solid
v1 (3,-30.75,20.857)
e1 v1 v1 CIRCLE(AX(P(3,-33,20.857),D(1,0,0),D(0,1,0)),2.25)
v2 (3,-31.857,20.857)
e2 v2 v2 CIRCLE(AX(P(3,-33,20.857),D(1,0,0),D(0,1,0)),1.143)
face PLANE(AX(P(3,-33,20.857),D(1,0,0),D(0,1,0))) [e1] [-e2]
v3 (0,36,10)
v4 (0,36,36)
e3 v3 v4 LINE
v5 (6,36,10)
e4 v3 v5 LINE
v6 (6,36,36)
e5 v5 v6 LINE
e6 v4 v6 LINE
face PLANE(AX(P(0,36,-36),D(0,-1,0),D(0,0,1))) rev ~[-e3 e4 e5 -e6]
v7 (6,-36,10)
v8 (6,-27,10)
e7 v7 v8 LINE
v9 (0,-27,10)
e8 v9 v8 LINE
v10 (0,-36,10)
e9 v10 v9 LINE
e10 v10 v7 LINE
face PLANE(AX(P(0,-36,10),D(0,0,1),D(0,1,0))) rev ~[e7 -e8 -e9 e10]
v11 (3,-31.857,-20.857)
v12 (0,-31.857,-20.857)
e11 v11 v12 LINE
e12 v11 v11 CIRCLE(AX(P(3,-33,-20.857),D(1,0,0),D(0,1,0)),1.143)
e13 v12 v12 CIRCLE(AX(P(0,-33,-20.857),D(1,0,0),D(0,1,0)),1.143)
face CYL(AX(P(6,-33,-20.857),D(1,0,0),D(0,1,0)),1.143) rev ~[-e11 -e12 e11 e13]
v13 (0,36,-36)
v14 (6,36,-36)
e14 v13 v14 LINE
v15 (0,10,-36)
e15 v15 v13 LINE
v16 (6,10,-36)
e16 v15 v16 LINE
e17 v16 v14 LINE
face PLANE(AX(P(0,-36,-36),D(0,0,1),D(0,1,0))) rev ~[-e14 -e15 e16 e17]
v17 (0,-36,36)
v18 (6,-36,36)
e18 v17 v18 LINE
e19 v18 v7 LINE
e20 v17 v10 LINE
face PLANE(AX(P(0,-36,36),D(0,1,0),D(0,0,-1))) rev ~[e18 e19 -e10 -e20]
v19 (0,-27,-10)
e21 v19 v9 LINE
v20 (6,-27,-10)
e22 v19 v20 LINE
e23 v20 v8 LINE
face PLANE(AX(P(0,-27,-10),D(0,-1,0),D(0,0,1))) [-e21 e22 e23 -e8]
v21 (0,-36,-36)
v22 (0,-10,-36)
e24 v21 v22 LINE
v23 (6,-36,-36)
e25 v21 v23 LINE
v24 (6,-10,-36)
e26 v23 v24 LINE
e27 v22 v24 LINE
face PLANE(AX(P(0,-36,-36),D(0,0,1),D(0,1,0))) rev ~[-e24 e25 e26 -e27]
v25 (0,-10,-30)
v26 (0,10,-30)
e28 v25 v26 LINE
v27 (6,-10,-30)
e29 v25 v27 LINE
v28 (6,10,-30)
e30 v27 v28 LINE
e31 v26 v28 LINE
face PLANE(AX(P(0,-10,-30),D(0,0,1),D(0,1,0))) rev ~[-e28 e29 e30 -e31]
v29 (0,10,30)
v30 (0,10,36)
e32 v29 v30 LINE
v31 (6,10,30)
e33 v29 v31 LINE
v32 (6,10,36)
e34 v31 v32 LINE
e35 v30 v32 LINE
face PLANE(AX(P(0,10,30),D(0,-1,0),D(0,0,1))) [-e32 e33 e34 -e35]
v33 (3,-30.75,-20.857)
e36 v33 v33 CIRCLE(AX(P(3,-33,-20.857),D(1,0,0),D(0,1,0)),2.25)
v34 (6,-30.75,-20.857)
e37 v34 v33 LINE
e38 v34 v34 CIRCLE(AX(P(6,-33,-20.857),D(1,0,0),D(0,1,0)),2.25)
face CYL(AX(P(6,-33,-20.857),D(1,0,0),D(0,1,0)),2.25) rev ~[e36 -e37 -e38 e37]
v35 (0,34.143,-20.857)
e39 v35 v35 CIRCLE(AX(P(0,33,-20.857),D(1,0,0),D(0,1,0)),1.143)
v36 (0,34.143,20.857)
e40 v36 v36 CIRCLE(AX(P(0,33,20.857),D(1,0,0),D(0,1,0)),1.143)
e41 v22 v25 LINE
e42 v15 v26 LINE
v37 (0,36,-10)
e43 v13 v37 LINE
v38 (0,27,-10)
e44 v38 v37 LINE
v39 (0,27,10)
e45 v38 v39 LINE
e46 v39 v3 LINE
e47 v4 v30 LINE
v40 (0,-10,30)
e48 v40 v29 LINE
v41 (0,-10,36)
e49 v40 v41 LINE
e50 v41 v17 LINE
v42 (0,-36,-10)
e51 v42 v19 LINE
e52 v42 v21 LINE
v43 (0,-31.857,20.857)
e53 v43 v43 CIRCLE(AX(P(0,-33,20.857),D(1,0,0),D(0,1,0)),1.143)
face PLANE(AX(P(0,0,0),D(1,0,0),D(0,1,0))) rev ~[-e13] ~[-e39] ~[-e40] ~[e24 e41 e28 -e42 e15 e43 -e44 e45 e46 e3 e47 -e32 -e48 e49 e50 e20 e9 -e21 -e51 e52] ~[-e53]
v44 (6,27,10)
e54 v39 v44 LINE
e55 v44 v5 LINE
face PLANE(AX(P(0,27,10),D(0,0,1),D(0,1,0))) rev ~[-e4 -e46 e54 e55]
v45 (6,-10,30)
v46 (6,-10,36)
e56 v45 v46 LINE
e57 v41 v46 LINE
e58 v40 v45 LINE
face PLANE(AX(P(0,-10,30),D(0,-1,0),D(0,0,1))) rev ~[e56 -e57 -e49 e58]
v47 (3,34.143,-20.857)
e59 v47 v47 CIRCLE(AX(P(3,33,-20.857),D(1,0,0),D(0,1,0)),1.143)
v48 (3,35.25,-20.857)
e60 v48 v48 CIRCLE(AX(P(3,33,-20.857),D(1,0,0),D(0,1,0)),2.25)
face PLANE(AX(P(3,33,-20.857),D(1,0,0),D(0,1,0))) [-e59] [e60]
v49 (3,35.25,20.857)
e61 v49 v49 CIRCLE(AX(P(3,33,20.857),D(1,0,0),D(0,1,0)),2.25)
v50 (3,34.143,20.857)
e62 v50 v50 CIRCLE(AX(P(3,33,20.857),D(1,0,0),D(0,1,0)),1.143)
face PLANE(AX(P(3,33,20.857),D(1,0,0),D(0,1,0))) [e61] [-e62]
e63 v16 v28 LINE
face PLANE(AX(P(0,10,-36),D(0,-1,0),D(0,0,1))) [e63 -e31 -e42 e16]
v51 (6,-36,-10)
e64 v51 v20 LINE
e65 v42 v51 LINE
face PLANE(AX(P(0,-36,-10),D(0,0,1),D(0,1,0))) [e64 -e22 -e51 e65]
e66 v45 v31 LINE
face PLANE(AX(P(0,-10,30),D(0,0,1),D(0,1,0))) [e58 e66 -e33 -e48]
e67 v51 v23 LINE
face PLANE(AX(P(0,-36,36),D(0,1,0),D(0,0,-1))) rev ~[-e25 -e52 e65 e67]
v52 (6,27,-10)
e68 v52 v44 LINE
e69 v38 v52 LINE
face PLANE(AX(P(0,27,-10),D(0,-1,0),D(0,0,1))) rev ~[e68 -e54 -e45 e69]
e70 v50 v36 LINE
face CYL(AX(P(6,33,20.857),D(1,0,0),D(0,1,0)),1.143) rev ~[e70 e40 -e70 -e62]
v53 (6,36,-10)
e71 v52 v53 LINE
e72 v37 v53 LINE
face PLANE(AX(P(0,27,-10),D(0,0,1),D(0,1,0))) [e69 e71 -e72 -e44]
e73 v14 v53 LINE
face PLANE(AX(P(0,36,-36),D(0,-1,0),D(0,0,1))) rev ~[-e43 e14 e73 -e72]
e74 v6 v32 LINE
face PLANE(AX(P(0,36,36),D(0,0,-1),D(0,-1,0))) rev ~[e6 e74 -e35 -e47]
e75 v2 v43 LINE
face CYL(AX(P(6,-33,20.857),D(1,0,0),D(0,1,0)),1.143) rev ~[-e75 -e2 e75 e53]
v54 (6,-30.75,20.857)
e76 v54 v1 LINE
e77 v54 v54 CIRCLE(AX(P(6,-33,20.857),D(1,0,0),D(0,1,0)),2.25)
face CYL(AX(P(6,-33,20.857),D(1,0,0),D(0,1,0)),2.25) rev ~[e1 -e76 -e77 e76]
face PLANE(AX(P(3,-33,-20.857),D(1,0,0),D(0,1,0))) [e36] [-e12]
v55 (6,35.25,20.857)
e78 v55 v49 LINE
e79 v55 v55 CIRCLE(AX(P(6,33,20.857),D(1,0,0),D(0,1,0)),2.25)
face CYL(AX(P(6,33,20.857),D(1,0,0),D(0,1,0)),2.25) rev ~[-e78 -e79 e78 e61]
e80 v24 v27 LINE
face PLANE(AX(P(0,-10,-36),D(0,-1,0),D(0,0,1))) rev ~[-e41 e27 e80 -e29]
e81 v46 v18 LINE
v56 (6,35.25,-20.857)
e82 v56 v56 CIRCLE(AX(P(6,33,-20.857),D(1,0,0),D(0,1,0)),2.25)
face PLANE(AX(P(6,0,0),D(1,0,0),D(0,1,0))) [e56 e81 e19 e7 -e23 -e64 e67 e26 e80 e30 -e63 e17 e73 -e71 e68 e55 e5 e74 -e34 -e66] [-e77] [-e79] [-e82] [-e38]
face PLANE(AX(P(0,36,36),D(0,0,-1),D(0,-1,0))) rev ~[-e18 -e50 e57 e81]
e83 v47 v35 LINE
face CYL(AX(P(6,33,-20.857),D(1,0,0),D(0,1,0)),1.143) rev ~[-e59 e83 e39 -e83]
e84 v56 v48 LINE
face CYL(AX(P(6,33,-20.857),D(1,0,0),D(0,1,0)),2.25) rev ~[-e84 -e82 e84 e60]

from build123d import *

# Parameters (mm, degrees)
F0_W     = 20
F0_H     = 6
F0_W_2   = 9
F0_H_2   = 20
F1_DEPTH = 6
F2_DEPTH = 6
F3_R     = 2.25
F3_R_2   = 1.143
F4_DEPTH = 3
F5_DEPTH = 6.001


with BuildPart() as f1:
    # F0 (on Right) → F1 (new body)
    with BuildSketch(Plane.YZ):
        Polygon((-36, -10), (-36, -36), (-10, -36), (-10, -30), (10, -30), (10, -36), (36, -36), (36, -10), (27, -10), (27, 10), (36, 10), (36, 36), (10, 36), (10, 30), (-10, 30), (-10, 36), (-36, 36), (-36, 10), (-27, 10), (-27, -10), align=None)
        with Locations((0, -33)):
            Rectangle(F0_W, F0_H)
        with Locations((-31.5, 0)):
            Rectangle(F0_W_2, F0_H_2)
        with Locations((31.5, 0)):
            Rectangle(F0_W_2, F0_H_2)
        with Locations((0, 33)):
            Rectangle(F0_W, F0_H)
    extrude(amount=F1_DEPTH)

    # F0 (on Right) → F2 (cut, through all)
    with BuildSketch(Plane.YZ):
        with Locations((0, 33)):
            Rectangle(F0_W, F0_H)
        with Locations((31.5, 0)):
            Rectangle(F0_W_2, F0_H_2)
        with Locations((0, -33)):
            Rectangle(F0_W, F0_H)
        with Locations((-31.5, 0)):
            Rectangle(F0_W_2, F0_H_2)
    extrude(amount=F2_DEPTH, mode=Mode.SUBTRACT)

    # F3 (on face) → F4 (cut)
    with BuildSketch(Plane.YZ.offset(6)):
        with Locations((-33, 20.857)):
            Circle(F3_R)
        with Locations((-33, 20.857)):
            Circle(F3_R_2, mode=Mode.SUBTRACT)
        with Locations((-33, -20.857)):
            Circle(F3_R)
        with Locations((-33, -20.857)):
            Circle(F3_R_2, mode=Mode.SUBTRACT)
        with Locations((33, 20.857)):
            Circle(F3_R)
        with Locations((33, 20.857)):
            Circle(F3_R_2, mode=Mode.SUBTRACT)
        with Locations((33, -20.857)):
            Circle(F3_R)
        with Locations((33, -20.857)):
            Circle(F3_R_2, mode=Mode.SUBTRACT)
    extrude(amount=-F4_DEPTH, mode=Mode.SUBTRACT)

    # F5 (cut, through all): faces of the model
    f5_faces = [f1.faces().sort_by_distance(p)[0] for p in [
        (6, -33, 20.857),
        (6, 33, 20.857),
        (6, 33, -20.857),
        (6, -33, -20.857),
    ]]
    extrude(f5_faces, amount=-F5_DEPTH, mode=Mode.SUBTRACT)


solid = f1.part
